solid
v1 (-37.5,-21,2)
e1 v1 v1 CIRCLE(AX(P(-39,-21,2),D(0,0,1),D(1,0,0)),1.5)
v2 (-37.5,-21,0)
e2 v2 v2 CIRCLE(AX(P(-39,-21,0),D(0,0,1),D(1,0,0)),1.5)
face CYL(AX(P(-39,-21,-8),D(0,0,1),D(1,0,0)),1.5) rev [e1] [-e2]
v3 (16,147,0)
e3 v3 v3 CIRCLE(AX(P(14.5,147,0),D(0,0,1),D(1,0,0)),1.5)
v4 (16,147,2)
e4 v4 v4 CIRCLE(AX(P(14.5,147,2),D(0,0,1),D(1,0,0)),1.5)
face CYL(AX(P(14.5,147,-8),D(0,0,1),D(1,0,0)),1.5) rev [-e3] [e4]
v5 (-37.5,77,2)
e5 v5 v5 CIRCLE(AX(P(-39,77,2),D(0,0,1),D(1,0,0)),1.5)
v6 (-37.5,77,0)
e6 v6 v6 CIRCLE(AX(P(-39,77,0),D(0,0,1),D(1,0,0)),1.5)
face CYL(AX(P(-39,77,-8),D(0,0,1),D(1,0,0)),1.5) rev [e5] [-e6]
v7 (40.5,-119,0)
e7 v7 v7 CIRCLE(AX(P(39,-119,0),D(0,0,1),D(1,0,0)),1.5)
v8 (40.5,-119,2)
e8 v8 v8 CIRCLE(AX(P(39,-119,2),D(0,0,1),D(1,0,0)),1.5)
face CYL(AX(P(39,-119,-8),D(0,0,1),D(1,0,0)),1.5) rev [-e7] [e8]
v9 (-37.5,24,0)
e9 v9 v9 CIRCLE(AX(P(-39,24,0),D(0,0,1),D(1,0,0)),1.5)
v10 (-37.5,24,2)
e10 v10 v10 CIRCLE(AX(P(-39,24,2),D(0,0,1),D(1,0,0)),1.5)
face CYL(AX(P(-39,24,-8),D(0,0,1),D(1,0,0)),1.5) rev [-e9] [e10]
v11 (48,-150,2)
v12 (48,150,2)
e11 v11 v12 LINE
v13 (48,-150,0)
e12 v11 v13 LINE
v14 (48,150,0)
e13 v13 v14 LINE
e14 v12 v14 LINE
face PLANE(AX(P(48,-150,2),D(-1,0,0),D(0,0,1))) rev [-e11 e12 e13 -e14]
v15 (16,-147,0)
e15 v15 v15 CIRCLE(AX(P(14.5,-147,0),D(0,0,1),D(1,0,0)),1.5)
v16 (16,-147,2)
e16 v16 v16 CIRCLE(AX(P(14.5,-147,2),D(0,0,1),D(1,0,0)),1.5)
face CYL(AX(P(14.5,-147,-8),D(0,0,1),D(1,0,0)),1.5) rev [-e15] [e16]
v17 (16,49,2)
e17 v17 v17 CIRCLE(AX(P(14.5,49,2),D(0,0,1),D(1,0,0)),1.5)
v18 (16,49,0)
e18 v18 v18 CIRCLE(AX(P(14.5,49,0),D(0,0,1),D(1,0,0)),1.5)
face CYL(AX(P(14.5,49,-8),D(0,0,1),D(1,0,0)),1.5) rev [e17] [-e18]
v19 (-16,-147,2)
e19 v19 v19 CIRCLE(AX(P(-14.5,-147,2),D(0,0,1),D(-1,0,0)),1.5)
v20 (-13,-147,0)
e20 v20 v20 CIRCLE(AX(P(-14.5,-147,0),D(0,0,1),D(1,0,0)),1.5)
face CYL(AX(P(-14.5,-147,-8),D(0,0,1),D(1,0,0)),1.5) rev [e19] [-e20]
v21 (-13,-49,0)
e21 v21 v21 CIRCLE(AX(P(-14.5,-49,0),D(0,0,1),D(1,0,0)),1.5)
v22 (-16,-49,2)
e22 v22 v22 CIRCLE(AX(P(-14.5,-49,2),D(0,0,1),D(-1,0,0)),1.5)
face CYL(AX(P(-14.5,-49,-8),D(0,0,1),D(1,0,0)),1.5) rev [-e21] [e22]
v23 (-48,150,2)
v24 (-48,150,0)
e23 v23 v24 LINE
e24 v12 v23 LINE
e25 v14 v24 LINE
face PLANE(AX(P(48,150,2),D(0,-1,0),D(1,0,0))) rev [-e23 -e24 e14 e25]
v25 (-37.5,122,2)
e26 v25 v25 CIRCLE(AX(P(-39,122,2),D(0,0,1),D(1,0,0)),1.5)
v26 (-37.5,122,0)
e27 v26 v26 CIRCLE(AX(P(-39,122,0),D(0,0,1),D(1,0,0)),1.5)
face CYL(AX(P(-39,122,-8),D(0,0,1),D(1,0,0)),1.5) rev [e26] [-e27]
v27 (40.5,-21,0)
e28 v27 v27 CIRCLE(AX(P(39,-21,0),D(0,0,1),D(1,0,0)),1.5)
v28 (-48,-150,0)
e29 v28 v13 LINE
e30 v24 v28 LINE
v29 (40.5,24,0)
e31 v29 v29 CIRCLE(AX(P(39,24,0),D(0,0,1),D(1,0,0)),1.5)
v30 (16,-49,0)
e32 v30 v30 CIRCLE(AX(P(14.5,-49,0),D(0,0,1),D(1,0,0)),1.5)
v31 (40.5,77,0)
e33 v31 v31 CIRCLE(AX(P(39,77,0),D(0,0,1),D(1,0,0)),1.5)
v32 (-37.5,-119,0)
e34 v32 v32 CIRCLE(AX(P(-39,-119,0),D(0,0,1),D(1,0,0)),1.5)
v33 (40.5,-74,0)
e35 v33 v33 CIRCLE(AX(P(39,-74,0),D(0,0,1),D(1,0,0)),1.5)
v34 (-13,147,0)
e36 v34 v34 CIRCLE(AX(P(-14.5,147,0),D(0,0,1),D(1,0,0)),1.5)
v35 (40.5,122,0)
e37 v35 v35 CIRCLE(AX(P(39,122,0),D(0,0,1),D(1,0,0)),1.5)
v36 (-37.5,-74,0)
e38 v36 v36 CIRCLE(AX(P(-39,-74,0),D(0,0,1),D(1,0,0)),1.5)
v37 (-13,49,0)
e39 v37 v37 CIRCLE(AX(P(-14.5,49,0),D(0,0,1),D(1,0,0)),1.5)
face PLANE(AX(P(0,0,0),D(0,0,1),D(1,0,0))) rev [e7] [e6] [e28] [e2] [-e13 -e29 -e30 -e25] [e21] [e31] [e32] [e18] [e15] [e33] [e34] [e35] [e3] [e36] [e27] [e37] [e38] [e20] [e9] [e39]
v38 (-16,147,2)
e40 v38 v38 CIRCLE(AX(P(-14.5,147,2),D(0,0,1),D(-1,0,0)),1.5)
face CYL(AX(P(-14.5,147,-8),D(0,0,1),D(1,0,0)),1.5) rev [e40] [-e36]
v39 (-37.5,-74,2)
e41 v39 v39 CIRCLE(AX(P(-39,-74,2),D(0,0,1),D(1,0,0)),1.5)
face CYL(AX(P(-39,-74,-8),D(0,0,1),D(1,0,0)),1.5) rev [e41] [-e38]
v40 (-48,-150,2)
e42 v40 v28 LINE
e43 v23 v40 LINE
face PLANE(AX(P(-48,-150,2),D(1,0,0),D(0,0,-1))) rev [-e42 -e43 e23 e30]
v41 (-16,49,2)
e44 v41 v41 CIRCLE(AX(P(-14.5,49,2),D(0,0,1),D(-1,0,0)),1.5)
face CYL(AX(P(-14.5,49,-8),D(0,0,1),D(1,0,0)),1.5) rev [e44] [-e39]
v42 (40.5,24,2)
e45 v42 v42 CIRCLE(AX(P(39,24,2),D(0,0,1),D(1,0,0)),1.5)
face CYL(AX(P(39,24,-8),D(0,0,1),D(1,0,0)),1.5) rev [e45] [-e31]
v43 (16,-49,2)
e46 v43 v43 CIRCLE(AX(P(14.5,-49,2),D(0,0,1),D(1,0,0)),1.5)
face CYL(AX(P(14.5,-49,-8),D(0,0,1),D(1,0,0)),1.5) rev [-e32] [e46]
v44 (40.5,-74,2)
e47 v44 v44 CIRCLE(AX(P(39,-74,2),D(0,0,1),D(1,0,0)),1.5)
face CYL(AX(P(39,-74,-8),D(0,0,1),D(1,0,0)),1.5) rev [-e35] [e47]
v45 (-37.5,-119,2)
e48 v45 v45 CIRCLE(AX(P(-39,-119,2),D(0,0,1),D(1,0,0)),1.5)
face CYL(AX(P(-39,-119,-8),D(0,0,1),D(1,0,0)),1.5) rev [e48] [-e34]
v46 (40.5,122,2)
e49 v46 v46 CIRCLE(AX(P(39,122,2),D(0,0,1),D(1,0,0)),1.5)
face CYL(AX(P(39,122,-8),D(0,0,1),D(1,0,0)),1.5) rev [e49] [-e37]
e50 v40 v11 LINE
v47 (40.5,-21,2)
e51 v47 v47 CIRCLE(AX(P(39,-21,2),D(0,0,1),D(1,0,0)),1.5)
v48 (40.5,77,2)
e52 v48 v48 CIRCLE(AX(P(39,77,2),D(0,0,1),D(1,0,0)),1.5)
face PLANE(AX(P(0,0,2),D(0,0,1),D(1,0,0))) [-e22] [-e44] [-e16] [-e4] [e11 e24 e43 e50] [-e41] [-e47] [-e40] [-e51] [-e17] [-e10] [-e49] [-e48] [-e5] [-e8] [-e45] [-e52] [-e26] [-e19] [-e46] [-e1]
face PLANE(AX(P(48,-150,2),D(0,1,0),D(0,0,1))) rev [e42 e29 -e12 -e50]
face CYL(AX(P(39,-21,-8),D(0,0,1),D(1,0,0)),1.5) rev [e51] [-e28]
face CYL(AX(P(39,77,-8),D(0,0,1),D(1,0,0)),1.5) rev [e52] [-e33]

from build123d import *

# Parameters (mm, degrees)
SKETCH1_W           = 96
SKETCH1_H           = 300
BOSS_EXTRUDE1_DEPTH = 2
SKETCH2_R           = 1.5
CUT_EXTRUDE1_DEPTH  = 10


with BuildPart() as part:
    # Sketch1 → Boss-Extrude1 (new body)
    with BuildSketch(Plane.XY):
        Rectangle(SKETCH1_W, SKETCH1_H)
    extrude(amount=BOSS_EXTRUDE1_DEPTH)

    # Sketch2 → Cut-Extrude1 (cut)
    with BuildSketch(Plane.XY.offset(2)):
        with Locations((-39, 122)):
            Circle(SKETCH2_R)
        with Locations((-39, 77)):
            Circle(SKETCH2_R)
        with Locations((39, 122)):
            Circle(SKETCH2_R)
        with Locations((39, 77)):
            Circle(SKETCH2_R)
        with Locations((-39, 24)):
            Circle(SKETCH2_R)
        with Locations((-39, -21)):
            Circle(SKETCH2_R)
        with Locations((39, 24)):
            Circle(SKETCH2_R)
        with Locations((39, -21)):
            Circle(SKETCH2_R)
        with Locations((-39, -74)):
            Circle(SKETCH2_R)
        with Locations((-39, -119)):
            Circle(SKETCH2_R)
        with Locations((39, -74)):
            Circle(SKETCH2_R)
        with Locations((39, -119)):
            Circle(SKETCH2_R)
        with Locations((14.5, -147)):
            Circle(SKETCH2_R)
        with Locations((-14.5, -147)):
            Circle(SKETCH2_R)
        with Locations((-14.5, -49)):
            Circle(SKETCH2_R)
        with Locations((14.5, -49)):
            Circle(SKETCH2_R)
        with Locations((-14.5, 49)):
            Circle(SKETCH2_R)
        with Locations((14.5, 49)):
            Circle(SKETCH2_R)
        with Locations((-14.5, 147)):
            Circle(SKETCH2_R)
        with Locations((14.5, 147)):
            Circle(SKETCH2_R)
    extrude(amount=-CUT_EXTRUDE1_DEPTH, mode=Mode.SUBTRACT)


solid = part.part
